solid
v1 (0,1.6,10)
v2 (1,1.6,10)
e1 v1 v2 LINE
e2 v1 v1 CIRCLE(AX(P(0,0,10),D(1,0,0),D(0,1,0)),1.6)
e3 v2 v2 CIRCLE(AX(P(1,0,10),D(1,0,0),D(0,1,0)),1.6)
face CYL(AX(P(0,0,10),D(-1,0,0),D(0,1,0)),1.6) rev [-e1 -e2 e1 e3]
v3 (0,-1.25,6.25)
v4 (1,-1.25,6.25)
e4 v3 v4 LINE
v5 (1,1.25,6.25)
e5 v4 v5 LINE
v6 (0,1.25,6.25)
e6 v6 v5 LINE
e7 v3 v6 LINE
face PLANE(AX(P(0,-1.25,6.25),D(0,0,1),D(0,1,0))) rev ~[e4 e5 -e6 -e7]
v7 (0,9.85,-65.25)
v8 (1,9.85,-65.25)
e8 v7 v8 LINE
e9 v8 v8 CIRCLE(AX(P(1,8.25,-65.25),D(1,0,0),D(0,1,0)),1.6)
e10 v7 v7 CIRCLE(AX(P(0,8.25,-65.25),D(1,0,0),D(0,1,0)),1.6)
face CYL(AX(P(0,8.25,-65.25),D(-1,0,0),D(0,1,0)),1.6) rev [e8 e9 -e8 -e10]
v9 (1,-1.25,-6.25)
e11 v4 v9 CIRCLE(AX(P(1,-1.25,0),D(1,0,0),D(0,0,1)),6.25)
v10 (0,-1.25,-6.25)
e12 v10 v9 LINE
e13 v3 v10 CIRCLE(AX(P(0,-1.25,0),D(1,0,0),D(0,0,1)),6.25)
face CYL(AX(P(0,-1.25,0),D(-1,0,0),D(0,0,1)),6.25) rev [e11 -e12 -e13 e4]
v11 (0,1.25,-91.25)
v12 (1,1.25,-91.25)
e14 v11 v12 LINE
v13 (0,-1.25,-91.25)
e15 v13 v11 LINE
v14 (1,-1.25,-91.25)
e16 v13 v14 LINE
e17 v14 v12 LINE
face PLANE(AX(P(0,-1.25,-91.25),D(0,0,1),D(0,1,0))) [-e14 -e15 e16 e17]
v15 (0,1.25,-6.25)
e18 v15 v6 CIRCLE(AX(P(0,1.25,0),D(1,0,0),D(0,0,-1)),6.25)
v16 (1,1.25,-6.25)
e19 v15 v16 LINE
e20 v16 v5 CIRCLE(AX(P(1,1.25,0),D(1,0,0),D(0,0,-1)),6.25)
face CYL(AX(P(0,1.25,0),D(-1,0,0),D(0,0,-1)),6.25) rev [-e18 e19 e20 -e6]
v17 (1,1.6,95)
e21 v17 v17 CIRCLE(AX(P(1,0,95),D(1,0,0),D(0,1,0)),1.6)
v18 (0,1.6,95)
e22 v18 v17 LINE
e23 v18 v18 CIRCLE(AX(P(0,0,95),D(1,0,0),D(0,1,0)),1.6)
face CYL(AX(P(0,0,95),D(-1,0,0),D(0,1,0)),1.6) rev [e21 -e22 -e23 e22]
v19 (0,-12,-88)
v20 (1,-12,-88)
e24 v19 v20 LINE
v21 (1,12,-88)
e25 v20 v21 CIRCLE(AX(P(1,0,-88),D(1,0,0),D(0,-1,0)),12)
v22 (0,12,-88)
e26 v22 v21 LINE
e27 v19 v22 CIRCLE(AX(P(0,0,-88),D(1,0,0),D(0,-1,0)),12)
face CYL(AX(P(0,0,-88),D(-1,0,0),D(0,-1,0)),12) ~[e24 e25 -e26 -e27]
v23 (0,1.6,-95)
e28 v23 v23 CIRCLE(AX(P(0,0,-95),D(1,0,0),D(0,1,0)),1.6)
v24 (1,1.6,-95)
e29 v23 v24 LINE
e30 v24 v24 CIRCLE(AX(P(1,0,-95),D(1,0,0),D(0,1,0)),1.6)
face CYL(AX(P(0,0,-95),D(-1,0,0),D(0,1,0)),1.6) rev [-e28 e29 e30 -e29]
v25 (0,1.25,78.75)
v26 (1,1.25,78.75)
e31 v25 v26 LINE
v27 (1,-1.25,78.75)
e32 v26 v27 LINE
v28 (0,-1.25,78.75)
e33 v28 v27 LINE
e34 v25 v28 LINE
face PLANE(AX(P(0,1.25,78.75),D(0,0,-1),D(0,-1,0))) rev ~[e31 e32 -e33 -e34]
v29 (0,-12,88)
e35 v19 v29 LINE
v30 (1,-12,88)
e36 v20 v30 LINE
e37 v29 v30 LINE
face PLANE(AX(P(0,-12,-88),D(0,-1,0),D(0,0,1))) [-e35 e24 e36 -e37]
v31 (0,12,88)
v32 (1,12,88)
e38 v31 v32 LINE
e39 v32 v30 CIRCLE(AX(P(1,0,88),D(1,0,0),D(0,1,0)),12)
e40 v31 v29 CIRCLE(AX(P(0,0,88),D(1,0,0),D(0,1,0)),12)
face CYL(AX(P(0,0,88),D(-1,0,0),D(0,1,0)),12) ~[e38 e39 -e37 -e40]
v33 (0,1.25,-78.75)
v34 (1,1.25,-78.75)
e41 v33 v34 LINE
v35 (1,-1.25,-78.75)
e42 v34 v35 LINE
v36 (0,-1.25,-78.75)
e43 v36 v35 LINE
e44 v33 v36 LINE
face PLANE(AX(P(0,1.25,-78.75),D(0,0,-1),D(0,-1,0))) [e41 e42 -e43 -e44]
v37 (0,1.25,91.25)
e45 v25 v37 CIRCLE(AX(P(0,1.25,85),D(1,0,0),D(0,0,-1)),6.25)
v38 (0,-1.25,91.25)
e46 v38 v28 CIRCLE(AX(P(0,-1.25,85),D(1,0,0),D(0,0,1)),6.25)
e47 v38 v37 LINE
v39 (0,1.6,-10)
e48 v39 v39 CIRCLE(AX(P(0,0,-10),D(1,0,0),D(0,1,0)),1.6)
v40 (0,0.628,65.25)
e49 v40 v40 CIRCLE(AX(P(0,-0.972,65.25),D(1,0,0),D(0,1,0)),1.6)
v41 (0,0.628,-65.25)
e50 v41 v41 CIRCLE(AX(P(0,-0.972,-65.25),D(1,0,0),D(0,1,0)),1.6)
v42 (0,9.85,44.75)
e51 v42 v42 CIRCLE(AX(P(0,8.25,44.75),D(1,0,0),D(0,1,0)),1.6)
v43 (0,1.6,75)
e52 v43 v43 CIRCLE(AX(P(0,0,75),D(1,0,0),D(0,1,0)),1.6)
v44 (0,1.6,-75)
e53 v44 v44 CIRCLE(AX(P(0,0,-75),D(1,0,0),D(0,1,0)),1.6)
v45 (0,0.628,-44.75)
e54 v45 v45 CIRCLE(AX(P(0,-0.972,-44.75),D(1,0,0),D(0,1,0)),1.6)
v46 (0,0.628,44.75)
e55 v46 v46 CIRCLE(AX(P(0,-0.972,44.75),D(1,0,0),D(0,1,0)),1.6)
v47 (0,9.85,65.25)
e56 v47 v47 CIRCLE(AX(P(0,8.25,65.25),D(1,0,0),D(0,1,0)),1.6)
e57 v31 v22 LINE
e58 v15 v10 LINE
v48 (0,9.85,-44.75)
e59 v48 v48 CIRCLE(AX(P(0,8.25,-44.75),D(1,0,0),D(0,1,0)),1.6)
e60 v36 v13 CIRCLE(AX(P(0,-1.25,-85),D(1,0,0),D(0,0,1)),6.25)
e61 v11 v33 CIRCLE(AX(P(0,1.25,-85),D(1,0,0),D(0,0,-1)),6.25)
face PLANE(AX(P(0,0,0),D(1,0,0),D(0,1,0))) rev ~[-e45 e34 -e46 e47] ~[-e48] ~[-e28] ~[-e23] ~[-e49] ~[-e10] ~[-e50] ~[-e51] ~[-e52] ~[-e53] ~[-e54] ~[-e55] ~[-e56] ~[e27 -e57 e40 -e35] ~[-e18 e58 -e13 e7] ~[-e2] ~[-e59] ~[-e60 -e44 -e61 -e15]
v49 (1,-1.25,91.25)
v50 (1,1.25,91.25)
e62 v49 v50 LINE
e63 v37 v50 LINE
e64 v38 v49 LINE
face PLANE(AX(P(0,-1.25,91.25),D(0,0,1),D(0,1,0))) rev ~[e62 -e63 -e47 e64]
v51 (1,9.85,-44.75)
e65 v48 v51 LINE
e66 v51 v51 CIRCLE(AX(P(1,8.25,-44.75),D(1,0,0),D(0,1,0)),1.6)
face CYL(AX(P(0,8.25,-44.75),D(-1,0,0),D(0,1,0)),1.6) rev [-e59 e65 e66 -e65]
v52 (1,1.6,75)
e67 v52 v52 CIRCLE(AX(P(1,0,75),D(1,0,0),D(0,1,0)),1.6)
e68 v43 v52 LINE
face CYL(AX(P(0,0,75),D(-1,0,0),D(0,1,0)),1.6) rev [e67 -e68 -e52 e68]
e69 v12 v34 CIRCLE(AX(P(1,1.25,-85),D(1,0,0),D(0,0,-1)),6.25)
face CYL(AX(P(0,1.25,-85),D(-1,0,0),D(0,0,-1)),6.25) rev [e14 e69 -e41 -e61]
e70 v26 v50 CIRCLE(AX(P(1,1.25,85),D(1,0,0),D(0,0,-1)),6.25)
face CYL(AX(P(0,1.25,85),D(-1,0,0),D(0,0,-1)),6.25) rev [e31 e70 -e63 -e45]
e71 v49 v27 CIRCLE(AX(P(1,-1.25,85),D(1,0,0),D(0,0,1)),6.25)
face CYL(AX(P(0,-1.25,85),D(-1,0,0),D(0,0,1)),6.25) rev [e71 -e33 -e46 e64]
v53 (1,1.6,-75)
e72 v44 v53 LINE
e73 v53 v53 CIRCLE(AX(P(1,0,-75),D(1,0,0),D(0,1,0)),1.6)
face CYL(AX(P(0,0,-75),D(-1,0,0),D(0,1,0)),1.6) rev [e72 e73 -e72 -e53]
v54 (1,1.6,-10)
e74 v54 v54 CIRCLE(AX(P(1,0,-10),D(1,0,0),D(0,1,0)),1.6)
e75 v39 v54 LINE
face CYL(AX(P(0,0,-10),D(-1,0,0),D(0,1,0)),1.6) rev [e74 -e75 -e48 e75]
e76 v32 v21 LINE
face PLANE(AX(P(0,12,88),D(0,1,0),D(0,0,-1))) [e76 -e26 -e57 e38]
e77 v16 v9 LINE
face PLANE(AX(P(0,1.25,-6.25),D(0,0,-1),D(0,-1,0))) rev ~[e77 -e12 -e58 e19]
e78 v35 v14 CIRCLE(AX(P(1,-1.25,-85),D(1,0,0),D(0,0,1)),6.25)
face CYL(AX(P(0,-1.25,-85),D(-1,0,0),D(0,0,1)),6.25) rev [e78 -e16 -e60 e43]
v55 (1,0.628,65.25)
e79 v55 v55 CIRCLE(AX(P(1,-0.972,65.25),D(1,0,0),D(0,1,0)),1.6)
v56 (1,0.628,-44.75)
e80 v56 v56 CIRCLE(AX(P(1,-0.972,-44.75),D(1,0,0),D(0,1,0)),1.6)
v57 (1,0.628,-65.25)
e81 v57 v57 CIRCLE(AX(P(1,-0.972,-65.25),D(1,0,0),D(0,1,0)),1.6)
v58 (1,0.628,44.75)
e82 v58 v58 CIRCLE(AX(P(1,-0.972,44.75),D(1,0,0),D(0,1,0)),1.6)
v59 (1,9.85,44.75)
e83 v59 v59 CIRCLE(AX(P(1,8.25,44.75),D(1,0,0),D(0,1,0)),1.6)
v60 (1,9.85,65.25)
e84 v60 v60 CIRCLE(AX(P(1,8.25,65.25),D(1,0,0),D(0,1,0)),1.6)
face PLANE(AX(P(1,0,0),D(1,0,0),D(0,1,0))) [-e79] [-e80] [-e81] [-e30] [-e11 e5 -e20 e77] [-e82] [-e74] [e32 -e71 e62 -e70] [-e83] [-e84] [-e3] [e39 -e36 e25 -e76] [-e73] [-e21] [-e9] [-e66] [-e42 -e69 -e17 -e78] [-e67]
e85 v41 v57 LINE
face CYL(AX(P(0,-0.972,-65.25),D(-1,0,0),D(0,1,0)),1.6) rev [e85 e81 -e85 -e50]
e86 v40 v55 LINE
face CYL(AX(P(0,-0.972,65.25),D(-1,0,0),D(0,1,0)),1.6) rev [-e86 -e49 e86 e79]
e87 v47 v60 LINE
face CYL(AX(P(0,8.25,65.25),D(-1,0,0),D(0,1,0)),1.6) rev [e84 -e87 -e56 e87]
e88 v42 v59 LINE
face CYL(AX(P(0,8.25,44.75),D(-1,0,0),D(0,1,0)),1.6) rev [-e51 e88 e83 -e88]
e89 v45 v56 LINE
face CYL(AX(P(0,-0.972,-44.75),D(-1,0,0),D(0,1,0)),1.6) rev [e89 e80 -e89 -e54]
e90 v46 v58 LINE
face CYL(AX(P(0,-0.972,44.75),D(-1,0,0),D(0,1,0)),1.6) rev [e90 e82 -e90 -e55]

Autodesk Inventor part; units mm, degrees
ref_plane "YZ Plane" through (0, 0, 0) normal (1, 0, 0) x (0, 1, 0)
ref_plane "XZ Plane" through (0, 0, 0) normal (0, 1, 0) x (-1, 0, 0)
ref_plane "XY Plane" through (0, 0, 0) normal (0, 0, 1) x (1, 0, 0)
sketch "Sketch1" plane through (0, 0, 0) normal (1, 0, 0) x (0, 1, 0)
  line L0 (-1.25, 6.25) -> (1.25, 6.25)
  arc A0 (1.25, -6.25) -> (1.25, 6.25) centre (1.25, 0) ccw
  line L1 (1.25, -6.25) -> (-1.25, -6.25)
  arc A1 (-1.25, 6.25) -> (-1.25, -6.25) centre (-1.25, 0) ccw
  circle A2 centre (0, -10) radius 1.6
  circle A3 centre (0, 10) radius 1.6
  circle A4 centre (8.25, 44.75) radius 1.6
  circle A5 centre (8.25, 65.25) radius 1.6
  line L2 (-1.25, 91.25) -> (1.25, 91.25)
  arc A6 (1.25, 78.75) -> (1.25, 91.25) centre (1.25, 85) ccw
  line L3 (1.25, 78.75) -> (-1.25, 78.75)
  arc A7 (-1.25, 91.25) -> (-1.25, 78.75) centre (-1.25, 85) ccw
  circle A8 centre (0, 75) radius 1.6
  circle A9 centre (0, 95) radius 1.6
  line L4 (-1.25, -91.25) -> (1.25, -91.25)
  arc A10 (1.25, -91.25) -> (1.25, -78.75) centre (1.25, -85) ccw
  line L5 (1.25, -78.75) -> (-1.25, -78.75)
  arc A11 (-1.25, -78.75) -> (-1.25, -91.25) centre (-1.25, -85) ccw
  circle A12 centre (0, -75) radius 1.6
  circle A13 centre (0, -95) radius 1.6
  circle A14 centre (-0.972, 44.75) radius 1.6
  circle A15 centre (-0.972, 65.25) radius 1.6
  circle A16 centre (8.25, -44.75) radius 1.6
  circle A17 centre (8.25, -65.25) radius 1.6
  circle A18 centre (-0.972, -44.75) radius 1.6
  circle A19 centre (-0.972, -65.25) radius 1.6
  arc A20 (12, 88) -> (-12, 88) centre (0, 88) ccw
  line L6 (12, 88) -> (12, -88)
  arc A21 (-12, -88) -> (12, -88) centre (0, -88) ccw
  line L7 (-12, -88) -> (-12, 88)
  point P0 (0, 0)
  point P1 (0, 0)
  point P2 (-12, -88)
  point P3 (12, 88)
  point P4 (-12, 88)
  point P5 (1.25, -78.75)
  point P6 (1.25, 78.75)
  point P7 (-1.25, 78.75)
  point P8 (1.25, -6.25)
  point P9 (-1.25, -6.25)
  dimension "d2" = 3.2
  dimension "d3" = 3.2
  dimension "d4" = 3.2
  dimension "d5" = 3.2
  dimension "d6" = 9.222
  dimension "d7" = 9.222
  dimension "d8" = 9.222
  dimension "d9" = 3.2
  dimension "d10" = 3.2
  dimension "d11" = 3.2
  dimension "d12" = 3.2
  dimension "d15" = 3.2
  dimension "d16" = 3.2
  dimension "d17" = 3.2
  dimension "d18" = 3.2
  dimension "d19" = 3.2
  dimension "d20" = 3.2
extrude "Extrusion1" add sketch "Sketch1" along normal blind 1
equation "\"d2\" = d5"
equation "\"d3\" = d5"
equation "\"d4\" = d5"
equation "\"d7\" = d6"
equation "\"d8\" = d6"
equation "\"d9\" = d5"
equation "\"d10\" = d5"
equation "\"d11\" = d5"
equation "\"d12\" = d5"
equation "\"d15\" = d5"
equation "\"d16\" = d5"
equation "\"d17\" = d5"
equation "\"d18\" = d5"
equation "\"d19\" = d5"
equation "\"d20\" = d5"
properties part number "Leg_Loadpipe_Plate_Outer" material "CFRP"
